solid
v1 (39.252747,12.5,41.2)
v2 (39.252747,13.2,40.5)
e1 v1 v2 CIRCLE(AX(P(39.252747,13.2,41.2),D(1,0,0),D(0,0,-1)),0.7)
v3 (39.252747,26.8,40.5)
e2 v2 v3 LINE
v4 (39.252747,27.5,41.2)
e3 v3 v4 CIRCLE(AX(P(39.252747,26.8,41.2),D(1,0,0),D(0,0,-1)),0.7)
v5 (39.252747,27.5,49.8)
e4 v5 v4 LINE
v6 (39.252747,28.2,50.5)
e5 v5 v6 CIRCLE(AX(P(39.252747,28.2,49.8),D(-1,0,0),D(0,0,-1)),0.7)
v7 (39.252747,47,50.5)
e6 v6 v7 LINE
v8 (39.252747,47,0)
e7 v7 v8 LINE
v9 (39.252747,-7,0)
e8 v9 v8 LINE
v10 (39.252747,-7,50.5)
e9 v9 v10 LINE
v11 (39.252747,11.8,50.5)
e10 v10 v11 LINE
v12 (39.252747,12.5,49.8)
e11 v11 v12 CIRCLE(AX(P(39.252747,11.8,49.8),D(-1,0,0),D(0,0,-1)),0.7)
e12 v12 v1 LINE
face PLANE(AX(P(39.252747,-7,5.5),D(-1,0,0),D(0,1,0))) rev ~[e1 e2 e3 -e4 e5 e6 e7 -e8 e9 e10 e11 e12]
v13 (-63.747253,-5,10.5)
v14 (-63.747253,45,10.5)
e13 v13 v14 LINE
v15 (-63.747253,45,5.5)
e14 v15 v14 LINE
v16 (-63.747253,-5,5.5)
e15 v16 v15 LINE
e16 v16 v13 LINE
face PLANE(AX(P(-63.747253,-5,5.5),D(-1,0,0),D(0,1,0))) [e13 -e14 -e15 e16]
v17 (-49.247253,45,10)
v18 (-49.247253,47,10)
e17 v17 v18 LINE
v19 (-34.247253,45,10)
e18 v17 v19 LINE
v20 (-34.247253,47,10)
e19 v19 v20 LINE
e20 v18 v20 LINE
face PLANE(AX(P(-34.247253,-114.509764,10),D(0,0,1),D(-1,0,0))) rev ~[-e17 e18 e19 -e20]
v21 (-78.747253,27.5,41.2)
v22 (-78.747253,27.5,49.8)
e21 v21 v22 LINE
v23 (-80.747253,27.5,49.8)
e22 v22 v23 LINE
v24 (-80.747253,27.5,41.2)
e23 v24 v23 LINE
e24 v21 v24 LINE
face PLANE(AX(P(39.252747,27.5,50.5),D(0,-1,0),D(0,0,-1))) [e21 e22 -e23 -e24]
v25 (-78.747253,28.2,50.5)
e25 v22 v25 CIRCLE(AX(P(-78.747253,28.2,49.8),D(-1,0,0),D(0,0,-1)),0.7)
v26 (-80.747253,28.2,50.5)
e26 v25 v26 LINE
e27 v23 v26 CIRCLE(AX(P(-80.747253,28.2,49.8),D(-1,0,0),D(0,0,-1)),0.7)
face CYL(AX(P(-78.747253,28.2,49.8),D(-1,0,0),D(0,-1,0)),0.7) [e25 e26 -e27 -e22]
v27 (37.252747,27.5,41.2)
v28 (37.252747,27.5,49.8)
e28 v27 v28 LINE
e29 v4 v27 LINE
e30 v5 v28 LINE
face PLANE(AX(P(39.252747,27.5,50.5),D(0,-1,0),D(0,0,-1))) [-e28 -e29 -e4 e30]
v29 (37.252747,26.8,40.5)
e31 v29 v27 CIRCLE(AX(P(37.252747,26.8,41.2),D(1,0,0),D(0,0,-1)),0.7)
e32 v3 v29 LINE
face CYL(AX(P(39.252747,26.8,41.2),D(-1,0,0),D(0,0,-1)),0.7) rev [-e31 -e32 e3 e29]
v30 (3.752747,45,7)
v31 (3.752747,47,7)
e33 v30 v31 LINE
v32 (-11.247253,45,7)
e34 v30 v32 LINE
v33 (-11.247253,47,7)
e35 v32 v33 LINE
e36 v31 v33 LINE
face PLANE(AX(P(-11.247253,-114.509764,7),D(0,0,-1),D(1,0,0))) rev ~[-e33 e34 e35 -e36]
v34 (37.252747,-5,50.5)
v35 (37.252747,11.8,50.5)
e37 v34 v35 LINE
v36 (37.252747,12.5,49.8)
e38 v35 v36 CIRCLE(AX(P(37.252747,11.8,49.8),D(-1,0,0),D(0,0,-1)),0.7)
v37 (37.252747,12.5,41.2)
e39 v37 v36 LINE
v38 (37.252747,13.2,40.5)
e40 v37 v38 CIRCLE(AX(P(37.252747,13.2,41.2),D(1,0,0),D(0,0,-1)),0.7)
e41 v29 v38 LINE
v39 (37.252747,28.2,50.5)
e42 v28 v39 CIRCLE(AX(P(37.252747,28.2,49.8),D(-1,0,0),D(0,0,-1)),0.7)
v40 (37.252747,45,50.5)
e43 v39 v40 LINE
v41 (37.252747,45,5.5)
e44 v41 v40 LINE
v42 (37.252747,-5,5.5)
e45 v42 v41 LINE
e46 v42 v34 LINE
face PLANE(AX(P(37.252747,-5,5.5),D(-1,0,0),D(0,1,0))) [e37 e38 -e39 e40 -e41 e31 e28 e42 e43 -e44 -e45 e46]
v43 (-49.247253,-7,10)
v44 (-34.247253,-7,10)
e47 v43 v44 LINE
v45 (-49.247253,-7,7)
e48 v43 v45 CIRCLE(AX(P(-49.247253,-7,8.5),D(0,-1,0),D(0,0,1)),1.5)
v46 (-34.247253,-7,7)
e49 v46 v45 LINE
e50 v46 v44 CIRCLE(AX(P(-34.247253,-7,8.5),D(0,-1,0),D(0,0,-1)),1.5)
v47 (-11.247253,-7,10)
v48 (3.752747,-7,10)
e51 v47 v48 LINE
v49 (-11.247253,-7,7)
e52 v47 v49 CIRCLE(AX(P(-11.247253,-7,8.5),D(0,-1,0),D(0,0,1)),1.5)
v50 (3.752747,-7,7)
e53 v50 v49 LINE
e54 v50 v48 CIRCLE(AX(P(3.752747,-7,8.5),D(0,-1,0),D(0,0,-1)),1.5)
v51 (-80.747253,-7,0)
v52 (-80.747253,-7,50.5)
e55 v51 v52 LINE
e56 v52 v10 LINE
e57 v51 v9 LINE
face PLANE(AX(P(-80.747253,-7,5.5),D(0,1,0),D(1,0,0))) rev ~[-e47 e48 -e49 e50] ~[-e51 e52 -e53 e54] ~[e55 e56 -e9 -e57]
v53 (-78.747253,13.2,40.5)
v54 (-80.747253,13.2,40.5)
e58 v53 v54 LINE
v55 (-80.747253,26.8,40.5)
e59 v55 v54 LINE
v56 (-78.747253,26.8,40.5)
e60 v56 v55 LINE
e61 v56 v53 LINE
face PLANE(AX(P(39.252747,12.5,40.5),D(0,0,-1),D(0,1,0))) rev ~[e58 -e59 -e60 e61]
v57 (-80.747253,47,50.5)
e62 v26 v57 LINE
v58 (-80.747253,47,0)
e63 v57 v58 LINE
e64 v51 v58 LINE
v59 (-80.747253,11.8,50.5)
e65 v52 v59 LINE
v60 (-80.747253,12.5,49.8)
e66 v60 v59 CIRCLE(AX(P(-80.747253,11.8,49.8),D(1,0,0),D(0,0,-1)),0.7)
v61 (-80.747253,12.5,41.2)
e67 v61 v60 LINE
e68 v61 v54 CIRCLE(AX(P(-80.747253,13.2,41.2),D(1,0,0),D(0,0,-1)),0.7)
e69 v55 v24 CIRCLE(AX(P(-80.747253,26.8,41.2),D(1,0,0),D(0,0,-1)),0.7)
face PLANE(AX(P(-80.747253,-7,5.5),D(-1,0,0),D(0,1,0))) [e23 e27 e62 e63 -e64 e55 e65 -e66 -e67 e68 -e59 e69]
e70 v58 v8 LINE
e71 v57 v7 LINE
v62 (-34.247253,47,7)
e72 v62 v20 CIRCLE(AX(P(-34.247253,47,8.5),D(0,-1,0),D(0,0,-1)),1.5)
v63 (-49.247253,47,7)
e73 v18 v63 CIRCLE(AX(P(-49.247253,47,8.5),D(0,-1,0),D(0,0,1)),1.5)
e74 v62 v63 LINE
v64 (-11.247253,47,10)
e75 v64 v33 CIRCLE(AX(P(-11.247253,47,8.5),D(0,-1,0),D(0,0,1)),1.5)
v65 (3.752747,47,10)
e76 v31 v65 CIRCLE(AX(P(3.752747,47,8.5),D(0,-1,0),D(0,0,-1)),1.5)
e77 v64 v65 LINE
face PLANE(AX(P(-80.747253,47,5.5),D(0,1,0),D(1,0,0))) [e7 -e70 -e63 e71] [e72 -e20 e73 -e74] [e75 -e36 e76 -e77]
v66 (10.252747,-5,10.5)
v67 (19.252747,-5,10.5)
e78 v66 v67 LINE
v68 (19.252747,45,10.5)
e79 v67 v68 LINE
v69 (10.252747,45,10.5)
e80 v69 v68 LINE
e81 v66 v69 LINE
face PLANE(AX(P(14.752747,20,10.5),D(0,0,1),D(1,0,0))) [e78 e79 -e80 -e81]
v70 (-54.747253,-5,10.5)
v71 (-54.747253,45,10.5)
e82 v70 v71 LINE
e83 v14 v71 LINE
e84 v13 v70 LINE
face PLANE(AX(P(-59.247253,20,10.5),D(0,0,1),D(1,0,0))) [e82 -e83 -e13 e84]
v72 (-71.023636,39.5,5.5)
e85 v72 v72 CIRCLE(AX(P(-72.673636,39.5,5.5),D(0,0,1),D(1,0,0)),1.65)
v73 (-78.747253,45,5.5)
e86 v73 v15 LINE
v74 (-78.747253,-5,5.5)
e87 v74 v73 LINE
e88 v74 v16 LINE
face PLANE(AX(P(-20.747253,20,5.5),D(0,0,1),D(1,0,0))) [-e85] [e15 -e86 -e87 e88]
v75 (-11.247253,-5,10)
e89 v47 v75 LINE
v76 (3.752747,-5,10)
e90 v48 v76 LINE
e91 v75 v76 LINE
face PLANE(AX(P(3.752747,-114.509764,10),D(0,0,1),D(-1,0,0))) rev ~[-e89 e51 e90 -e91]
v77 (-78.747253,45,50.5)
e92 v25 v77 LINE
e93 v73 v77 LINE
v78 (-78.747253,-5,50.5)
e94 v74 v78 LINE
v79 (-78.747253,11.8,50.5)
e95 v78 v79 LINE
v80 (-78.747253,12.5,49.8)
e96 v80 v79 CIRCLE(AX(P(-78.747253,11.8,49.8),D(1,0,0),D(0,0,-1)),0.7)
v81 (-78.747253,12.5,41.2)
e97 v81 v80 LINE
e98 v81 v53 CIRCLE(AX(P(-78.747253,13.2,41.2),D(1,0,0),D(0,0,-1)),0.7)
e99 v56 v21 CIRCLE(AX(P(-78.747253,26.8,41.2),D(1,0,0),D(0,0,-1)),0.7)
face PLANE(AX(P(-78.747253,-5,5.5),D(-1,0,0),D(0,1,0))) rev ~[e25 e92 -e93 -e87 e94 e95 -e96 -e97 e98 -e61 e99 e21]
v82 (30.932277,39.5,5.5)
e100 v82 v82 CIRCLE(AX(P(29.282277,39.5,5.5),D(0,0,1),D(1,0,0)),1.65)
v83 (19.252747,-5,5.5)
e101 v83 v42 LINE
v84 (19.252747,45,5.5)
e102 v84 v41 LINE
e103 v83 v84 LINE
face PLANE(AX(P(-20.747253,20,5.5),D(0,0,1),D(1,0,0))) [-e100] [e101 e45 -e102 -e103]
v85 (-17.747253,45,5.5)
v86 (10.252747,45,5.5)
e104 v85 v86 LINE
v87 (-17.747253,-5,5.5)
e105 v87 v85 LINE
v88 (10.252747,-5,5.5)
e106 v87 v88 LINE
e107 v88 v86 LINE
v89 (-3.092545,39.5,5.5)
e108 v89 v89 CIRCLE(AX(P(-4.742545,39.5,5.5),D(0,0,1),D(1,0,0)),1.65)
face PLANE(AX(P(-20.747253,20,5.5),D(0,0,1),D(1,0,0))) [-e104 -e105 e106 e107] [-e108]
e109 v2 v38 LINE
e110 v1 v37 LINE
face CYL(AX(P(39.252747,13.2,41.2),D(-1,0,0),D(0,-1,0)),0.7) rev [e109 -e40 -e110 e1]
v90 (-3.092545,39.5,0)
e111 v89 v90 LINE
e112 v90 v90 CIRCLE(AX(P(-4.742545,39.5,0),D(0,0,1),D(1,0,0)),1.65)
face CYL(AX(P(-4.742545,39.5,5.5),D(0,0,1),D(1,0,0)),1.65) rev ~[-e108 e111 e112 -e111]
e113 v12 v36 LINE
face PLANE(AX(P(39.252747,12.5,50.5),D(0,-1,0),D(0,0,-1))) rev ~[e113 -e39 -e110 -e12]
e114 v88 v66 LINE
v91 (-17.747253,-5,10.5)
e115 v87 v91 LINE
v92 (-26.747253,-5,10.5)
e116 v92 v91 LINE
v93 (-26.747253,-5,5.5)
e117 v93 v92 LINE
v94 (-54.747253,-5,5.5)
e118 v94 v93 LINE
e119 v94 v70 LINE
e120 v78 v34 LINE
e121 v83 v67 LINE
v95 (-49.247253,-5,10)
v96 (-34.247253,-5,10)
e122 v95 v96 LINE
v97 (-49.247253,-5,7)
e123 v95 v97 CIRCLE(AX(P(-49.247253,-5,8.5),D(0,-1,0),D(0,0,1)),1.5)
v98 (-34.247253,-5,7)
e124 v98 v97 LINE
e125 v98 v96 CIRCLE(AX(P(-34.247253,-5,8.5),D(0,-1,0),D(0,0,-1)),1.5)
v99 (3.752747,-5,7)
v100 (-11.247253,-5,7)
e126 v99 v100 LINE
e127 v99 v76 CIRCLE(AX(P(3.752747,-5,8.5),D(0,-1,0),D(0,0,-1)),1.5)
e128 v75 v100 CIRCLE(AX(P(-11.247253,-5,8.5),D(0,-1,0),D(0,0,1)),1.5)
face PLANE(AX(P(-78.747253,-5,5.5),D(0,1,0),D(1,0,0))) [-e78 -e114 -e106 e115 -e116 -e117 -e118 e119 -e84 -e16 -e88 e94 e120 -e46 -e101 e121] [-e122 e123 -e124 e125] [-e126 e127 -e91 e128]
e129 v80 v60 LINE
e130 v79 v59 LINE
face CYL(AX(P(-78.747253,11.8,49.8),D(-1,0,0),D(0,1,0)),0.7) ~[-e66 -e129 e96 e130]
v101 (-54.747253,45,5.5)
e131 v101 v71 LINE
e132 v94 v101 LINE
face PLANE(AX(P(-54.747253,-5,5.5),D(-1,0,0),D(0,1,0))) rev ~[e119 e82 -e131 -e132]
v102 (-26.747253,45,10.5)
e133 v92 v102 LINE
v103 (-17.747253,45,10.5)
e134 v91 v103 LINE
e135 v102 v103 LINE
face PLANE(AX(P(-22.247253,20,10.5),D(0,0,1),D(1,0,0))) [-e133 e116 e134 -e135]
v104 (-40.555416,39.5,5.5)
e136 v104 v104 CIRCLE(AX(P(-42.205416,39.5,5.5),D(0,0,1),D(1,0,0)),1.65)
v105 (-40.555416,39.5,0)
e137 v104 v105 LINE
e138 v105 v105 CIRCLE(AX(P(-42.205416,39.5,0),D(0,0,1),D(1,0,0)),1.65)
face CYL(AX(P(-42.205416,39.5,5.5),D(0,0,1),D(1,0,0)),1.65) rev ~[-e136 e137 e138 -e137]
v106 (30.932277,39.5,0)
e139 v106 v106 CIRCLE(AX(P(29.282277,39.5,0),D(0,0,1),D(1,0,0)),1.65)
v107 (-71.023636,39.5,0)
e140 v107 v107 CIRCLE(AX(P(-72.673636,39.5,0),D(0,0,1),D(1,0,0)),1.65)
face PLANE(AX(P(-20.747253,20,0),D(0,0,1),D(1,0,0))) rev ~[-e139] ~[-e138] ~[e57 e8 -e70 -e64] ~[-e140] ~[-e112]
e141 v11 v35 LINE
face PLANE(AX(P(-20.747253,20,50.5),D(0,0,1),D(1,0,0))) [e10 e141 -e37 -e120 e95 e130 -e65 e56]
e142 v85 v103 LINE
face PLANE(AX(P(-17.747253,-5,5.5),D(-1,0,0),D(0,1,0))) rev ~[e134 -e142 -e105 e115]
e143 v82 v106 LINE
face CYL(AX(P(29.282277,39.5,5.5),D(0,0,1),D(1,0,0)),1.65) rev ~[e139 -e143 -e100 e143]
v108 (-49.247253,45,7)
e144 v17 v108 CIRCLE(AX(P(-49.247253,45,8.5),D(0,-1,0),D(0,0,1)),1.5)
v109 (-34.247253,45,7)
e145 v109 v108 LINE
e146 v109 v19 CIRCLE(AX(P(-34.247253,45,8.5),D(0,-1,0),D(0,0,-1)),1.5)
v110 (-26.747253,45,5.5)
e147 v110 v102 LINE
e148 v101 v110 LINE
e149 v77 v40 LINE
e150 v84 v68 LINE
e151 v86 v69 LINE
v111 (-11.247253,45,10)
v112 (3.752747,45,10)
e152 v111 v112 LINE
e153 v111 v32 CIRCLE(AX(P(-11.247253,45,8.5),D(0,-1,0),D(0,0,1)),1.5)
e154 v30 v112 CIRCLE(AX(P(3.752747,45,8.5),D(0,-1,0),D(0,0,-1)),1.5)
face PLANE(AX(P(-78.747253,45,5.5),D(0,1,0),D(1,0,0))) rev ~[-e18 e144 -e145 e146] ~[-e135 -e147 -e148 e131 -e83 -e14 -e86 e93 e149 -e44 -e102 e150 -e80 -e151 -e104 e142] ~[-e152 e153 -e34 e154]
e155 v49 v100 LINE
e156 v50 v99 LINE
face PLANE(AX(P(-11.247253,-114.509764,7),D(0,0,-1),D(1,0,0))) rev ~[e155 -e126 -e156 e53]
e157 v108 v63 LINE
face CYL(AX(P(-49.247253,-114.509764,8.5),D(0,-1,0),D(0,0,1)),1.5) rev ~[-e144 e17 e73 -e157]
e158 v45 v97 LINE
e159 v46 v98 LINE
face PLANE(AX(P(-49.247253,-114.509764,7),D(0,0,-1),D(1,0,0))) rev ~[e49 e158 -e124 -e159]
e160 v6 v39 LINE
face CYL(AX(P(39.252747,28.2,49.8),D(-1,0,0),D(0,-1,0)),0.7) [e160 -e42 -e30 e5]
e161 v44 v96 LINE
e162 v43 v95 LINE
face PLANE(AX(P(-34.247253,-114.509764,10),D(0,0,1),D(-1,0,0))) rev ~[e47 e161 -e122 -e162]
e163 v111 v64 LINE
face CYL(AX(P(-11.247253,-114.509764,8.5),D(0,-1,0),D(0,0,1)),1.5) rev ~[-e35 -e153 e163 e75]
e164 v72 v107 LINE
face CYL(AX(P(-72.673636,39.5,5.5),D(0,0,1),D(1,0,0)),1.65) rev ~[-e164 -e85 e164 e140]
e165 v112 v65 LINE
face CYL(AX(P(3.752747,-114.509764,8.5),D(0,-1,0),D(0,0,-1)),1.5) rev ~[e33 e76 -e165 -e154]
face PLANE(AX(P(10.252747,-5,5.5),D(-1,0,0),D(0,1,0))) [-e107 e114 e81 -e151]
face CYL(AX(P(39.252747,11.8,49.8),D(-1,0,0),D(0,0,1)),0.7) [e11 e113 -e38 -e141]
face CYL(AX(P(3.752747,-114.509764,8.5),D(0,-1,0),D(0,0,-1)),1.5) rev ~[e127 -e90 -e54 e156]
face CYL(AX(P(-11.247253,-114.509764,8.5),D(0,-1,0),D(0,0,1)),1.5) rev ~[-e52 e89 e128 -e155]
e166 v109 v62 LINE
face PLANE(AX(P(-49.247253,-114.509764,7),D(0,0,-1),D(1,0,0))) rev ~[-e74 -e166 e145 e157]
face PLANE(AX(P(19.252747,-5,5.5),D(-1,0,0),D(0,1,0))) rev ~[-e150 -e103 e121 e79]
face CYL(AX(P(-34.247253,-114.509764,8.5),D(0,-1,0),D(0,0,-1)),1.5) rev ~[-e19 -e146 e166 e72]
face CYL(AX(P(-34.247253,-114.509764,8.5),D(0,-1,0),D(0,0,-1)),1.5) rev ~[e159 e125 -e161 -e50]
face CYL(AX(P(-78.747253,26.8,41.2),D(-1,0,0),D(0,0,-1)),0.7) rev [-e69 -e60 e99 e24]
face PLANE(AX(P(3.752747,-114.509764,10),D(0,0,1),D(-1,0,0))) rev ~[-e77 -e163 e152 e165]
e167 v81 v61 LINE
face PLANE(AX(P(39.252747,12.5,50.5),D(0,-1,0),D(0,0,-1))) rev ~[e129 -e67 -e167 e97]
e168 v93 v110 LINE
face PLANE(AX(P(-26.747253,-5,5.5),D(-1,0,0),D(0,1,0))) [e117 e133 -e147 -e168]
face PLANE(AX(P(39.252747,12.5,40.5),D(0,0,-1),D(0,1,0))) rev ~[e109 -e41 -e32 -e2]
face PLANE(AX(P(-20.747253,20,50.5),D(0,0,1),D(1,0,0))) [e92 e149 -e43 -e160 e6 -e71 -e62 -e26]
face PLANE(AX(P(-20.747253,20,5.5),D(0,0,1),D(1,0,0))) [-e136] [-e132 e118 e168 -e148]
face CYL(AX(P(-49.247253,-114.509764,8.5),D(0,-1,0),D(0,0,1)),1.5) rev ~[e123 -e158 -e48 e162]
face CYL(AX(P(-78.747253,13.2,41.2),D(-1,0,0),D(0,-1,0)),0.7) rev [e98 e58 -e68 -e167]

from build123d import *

# Parameters (mm, degrees)
SKETCH1_W               = 120
SKETCH1_H               = 54
BOSS_EXTRUDE1_DEPTH     = 5.5
SKETCH2_W               = 120
SKETCH2_H               = 54
SKETCH2_W_2             = 116
SKETCH2_H_2             = 50
BOSS_EXTRUDE2_DEPTH     = 45
SKETCH3_W               = 9
SKETCH3_H               = 50
BOSS_EXTRUDE3_DEPTH     = 5
SKETCH4_R               = 1.65
CUT_EXTRUDE5_DEPTH      = 14
SKETCH5_W               = 10
SKETCH5_H               = 15
CUT_EXTRUDE7_DEPTH      = 139.416942605
FILLET1_R               = 0.7
FILLET2_R               = 0.7
FILLET3_R               = 0.7
FILLET4_R               = 0.7
FILLET5_R               = 0.7
FILLET6_R               = 0.7
FILLET7_R               = 0.7
FILLET8_R               = 0.7
CUT_EXTRUDE8_DEPTH      = 109.509763737
CUT_EXTRUDE8_DEPTH_BACK = 109.509763737


with BuildPart() as part:
    # Sketch1 → Boss-Extrude1 (new body)
    with BuildSketch(Plane.XY):
        with Locations((-20.747252747, 20)):
            Rectangle(SKETCH1_W, SKETCH1_H)
    extrude(amount=BOSS_EXTRUDE1_DEPTH)

    # Sketch2 → Boss-Extrude2 (add)
    with BuildSketch(Plane.XY.offset(5.5)):
        with Locations((-20.747252747, 20)):
            Rectangle(SKETCH2_W, SKETCH2_H)
        with Locations((-20.747252747, 20)):
            Rectangle(SKETCH2_W_2, SKETCH2_H_2, mode=Mode.SUBTRACT)
    extrude(amount=BOSS_EXTRUDE2_DEPTH)

    # Sketch3 → Boss-Extrude3 (add)
    with BuildSketch(Plane.XY.offset(5.5)):
        with Locations((-59.247252747, 20)):
            Rectangle(SKETCH3_W, SKETCH3_H)
        with Locations((-22.247252747, 20)):
            Rectangle(SKETCH3_W, SKETCH3_H)
        with Locations((14.752747253, 20)):
            Rectangle(SKETCH3_W, SKETCH3_H)
    extrude(amount=BOSS_EXTRUDE3_DEPTH)

    # Sketch4 → Cut-Extrude5 (cut)
    with BuildSketch(Plane.XY.offset(5.5)):
        with Locations((-4.74254548, 39.5)):
            Circle(SKETCH4_R)
        with Locations((-42.205415824, 39.5)):
            Circle(SKETCH4_R)
        with Locations((-72.673636324, 39.5)):
            Circle(SKETCH4_R)
        with Locations((29.282276635, 39.5)):
            Circle(SKETCH4_R)
    extrude(amount=-CUT_EXTRUDE5_DEPTH, mode=Mode.SUBTRACT)

    # Sketch5 → Cut-Extrude7 (cut, through all)
    with BuildSketch(Plane(origin=(39.252747253, 0, 0), x_dir=(0, 0, -1), z_dir=(1, 0, 0))):
        with Locations((-45.5, 20)):
            Rectangle(SKETCH5_W, SKETCH5_H)
    extrude(amount=-CUT_EXTRUDE7_DEPTH, mode=Mode.SUBTRACT)

    # Fillet1
    fillet1_edges = [part.edges().sort_by_distance(p)[0] for p in [
        (38.252747253, 12.5, 40.5),
    ]]
    fillet(fillet1_edges, radius=FILLET1_R)

    # Fillet2
    fillet2_edges = [part.edges().sort_by_distance(p)[0] for p in [
        (38.252747253, 27.5, 40.5),
    ]]
    fillet(fillet2_edges, radius=FILLET2_R)

    # Fillet3
    fillet3_edges = [part.edges().sort_by_distance(p)[0] for p in [
        (-79.747252747, 12.5, 40.5),
    ]]
    fillet(fillet3_edges, radius=FILLET3_R)

    # Fillet4
    fillet4_edges = [part.edges().sort_by_distance(p)[0] for p in [
        (-79.747252747, 27.5, 40.5),
    ]]
    fillet(fillet4_edges, radius=FILLET4_R)

    # Fillet5
    fillet5_edges = [part.edges().sort_by_distance(p)[0] for p in [
        (-79.747252747, 12.5, 50.5),
    ]]
    fillet(fillet5_edges, radius=FILLET5_R)

    # Fillet6
    fillet6_edges = [part.edges().sort_by_distance(p)[0] for p in [
        (-79.747252747, 27.5, 50.5),
    ]]
    fillet(fillet6_edges, radius=FILLET6_R)

    # Fillet7
    fillet7_edges = [part.edges().sort_by_distance(p)[0] for p in [
        (38.252747253, 12.5, 50.5),
    ]]
    fillet(fillet7_edges, radius=FILLET7_R)

    # Fillet8
    fillet8_edges = [part.edges().sort_by_distance(p)[0] for p in [
        (38.252747253, 27.5, 50.5),
    ]]
    fillet(fillet8_edges, radius=FILLET8_R)

    # Sketch6 → Cut-Extrude8 (cut, two sides: drawn at the far end of the back side and taken through both)
    with BuildSketch(Plane(origin=(0, -5, 0), x_dir=(1, 0, 0), z_dir=(0, 1, 0)).offset(-CUT_EXTRUDE8_DEPTH_BACK)):
        with BuildLine():
            Line((-49.247252747, -7), (-34.247252747, -7))
            ThreePointArc((-34.247252747, -7), (-32.747252747, -8.5), (-34.247252747, -10))
            Line((-34.247252747, -10), (-49.247252747, -10))
            ThreePointArc((-49.247252747, -10), (-50.747252747, -8.5), (-49.247252747, -7))
        make_face()
        with BuildLine():
            Line((-11.247252747, -7), (3.752747253, -7))
            ThreePointArc((3.752747253, -7), (5.252747253, -8.5), (3.752747253, -10))
            Line((3.752747253, -10), (-11.247252747, -10))
            ThreePointArc((-11.247252747, -10), (-12.747252747, -8.5), (-11.247252747, -7))
        make_face()
    extrude(amount=CUT_EXTRUDE8_DEPTH + CUT_EXTRUDE8_DEPTH_BACK, mode=Mode.SUBTRACT)


solid = part.part
